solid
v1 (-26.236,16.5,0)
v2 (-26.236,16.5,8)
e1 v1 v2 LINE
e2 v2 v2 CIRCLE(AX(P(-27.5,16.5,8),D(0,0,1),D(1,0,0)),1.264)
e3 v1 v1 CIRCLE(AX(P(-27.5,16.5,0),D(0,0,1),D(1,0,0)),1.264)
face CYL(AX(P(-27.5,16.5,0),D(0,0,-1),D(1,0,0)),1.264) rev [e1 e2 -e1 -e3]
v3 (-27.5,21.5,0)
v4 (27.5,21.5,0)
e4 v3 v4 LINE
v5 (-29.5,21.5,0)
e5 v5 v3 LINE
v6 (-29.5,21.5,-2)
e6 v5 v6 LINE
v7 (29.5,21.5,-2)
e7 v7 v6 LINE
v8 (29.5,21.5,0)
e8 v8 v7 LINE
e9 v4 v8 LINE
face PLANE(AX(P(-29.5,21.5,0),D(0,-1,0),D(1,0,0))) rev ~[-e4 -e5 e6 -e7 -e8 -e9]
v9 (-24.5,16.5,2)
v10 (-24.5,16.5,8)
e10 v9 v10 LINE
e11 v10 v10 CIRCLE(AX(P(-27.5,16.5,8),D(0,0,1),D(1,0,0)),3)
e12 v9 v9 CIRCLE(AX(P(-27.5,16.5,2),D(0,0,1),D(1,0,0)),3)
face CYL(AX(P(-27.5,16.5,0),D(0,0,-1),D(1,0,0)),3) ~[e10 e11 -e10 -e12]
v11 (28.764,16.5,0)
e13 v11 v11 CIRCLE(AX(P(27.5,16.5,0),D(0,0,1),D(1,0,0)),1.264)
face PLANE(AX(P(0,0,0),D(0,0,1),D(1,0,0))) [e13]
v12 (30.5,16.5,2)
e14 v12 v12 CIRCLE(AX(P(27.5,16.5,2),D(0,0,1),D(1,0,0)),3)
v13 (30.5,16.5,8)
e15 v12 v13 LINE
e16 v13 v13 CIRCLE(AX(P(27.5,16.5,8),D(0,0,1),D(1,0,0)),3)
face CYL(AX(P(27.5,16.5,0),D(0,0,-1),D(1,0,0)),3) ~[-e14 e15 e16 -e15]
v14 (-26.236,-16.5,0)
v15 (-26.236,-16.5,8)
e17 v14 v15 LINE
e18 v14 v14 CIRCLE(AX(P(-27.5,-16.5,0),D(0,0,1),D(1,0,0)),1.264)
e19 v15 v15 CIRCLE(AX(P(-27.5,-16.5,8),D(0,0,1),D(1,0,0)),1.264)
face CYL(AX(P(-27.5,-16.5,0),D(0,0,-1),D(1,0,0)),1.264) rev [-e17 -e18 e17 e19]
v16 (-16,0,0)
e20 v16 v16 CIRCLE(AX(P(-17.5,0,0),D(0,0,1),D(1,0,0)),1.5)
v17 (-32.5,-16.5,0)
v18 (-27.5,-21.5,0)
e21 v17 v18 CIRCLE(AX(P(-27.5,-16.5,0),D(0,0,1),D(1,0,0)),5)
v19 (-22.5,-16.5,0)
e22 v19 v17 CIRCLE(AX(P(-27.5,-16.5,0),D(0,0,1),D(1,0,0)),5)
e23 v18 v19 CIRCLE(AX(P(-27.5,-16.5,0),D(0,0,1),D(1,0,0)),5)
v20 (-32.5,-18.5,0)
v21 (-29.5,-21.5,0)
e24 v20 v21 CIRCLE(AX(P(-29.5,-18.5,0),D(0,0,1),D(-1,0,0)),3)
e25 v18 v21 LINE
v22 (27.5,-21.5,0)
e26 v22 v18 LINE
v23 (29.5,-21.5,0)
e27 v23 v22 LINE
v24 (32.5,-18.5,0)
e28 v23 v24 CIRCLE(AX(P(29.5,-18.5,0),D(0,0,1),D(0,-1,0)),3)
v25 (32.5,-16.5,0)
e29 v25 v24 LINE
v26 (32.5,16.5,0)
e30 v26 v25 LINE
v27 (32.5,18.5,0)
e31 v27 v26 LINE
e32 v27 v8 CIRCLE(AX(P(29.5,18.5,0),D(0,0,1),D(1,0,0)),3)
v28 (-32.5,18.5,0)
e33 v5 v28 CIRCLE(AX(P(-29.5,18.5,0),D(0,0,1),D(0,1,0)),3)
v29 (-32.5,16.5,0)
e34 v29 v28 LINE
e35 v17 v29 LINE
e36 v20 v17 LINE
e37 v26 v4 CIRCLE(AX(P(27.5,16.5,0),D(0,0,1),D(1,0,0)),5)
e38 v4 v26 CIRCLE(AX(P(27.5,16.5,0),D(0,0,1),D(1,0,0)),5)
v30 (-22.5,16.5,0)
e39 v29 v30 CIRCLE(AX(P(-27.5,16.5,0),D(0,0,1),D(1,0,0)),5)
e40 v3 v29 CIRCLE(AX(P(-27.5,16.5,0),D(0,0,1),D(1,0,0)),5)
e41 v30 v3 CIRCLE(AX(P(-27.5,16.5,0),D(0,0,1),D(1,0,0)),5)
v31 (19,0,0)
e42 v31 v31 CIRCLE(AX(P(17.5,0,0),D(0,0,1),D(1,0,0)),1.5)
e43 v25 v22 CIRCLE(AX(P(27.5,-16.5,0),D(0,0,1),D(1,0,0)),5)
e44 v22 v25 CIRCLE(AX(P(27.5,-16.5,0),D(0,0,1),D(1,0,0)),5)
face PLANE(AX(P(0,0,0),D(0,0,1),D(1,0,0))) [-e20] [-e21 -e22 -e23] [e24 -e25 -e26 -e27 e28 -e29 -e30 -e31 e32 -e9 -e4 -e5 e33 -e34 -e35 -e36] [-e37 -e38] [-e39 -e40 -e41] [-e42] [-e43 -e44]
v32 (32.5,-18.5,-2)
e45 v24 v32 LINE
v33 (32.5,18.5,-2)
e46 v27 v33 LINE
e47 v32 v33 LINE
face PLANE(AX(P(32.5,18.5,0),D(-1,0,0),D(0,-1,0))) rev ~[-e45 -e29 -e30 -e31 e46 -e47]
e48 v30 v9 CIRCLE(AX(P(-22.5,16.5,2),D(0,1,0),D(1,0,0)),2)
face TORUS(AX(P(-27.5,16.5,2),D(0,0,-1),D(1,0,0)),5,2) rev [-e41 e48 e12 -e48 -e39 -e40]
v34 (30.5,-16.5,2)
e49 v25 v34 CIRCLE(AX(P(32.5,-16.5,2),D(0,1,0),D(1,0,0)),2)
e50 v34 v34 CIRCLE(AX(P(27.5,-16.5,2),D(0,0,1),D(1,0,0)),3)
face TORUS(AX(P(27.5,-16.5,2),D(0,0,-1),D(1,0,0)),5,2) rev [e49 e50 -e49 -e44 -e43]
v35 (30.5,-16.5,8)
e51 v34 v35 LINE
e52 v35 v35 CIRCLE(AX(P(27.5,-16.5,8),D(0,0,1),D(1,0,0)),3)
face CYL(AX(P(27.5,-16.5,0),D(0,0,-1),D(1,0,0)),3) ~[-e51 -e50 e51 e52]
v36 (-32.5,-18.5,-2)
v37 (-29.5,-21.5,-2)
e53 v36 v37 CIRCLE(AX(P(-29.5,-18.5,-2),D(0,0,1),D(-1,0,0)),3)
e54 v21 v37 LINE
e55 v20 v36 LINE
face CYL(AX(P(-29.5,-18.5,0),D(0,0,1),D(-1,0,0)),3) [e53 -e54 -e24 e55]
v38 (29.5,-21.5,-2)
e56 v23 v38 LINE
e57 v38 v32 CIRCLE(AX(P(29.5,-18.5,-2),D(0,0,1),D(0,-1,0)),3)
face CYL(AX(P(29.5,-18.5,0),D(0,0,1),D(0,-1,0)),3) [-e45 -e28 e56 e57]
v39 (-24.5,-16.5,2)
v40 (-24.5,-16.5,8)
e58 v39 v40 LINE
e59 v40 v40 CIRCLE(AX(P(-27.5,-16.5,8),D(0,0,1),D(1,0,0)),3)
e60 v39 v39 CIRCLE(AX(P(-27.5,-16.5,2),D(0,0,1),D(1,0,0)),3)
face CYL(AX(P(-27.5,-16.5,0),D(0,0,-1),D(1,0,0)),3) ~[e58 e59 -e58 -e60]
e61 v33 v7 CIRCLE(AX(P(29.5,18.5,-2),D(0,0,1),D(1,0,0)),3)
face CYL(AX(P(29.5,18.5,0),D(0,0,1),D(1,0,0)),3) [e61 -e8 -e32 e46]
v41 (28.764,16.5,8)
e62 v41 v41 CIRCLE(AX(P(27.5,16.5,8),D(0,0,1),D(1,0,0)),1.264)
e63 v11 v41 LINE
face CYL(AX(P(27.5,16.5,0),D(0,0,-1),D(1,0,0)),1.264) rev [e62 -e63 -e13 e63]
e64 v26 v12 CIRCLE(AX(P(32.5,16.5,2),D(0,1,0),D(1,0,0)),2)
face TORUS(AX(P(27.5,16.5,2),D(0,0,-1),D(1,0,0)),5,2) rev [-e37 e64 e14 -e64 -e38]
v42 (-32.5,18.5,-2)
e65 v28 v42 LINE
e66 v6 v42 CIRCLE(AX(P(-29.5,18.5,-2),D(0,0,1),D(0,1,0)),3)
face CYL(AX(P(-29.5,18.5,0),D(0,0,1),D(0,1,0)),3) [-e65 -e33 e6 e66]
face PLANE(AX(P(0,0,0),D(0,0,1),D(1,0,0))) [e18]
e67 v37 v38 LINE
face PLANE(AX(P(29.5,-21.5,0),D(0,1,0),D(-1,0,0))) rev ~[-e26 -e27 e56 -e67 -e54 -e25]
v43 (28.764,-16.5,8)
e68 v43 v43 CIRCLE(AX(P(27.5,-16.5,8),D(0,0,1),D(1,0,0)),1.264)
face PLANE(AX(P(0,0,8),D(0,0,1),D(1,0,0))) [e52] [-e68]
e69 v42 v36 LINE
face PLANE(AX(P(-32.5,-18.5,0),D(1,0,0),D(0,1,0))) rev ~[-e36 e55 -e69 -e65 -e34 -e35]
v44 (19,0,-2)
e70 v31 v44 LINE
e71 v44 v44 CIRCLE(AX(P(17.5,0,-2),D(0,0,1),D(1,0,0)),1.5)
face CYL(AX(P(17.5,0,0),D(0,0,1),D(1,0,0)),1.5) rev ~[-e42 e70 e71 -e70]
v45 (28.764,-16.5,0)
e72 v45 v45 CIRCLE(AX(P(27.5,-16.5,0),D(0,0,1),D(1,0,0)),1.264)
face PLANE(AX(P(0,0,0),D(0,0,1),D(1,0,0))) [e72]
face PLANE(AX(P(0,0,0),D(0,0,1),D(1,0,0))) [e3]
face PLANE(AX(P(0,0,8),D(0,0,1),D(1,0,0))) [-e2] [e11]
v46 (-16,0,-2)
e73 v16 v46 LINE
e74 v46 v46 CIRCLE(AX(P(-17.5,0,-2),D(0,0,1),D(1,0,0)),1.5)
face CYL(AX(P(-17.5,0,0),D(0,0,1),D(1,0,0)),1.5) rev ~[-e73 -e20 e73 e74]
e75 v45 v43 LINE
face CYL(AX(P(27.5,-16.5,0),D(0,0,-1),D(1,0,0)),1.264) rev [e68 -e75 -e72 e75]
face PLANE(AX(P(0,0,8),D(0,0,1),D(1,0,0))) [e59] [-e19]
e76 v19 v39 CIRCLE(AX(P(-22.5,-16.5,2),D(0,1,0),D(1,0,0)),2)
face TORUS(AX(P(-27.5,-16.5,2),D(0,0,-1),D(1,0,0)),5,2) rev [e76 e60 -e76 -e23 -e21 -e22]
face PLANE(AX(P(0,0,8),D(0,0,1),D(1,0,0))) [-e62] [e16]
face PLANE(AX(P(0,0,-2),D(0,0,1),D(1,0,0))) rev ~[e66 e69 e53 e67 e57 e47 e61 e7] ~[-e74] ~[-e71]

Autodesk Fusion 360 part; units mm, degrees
sketch "Sketch1" plane through (0, 0, 0) normal (0, 0, 1) x (1, 0, 0)
  line L0 (27.5, 16.5) -> (-27.5, 16.5) construction
  line L1 (-27.5, 16.5) -> (-27.5, -16.5) construction
  line L2 (-27.5, -16.5) -> (27.5, -16.5) construction
  line L3 (27.5, -16.5) -> (27.5, 16.5) construction
  line L4 (27.5, 16.5) -> (-27.5, -16.5) construction
  line L5 (-27.5, 16.5) -> (27.5, -16.5) construction
  line L6 (-29.5, 21.5) -> (29.5, 21.5)
  line L7 (32.5, 18.5) -> (32.5, -18.5)
  line L8 (29.5, -21.5) -> (-29.5, -21.5)
  line L9 (-32.5, -18.5) -> (-32.5, 18.5)
  line L10 (-32.5, 21.5) -> (32.5, -21.5) construction
  line L11 (32.5, 21.5) -> (-32.5, -21.5) construction
  arc A0 (-29.5, 21.5) -> (-32.5, 18.5) centre (-29.5, 18.5) ccw
  arc A1 (-32.5, -18.5) -> (-29.5, -21.5) centre (-29.5, -18.5) ccw
  arc A2 (29.5, -21.5) -> (32.5, -18.5) centre (29.5, -18.5) ccw
  arc A3 (32.5, 18.5) -> (29.5, 21.5) centre (29.5, 18.5) ccw
  circle A4 centre (27.5, -16.5) radius 3
  circle A5 centre (27.5, -16.5) radius 1.264
  circle A6 centre (27.5, 16.5) radius 3
  circle A7 centre (27.5, 16.5) radius 1.264
  circle A8 centre (-27.5, -16.5) radius 3
  circle A9 centre (-27.5, -16.5) radius 1.264
  circle A10 centre (-27.5, 16.5) radius 3
  circle A11 centre (-27.5, 16.5) radius 1.264
  circle A12 centre (17.5, 0) radius 1.5
  circle A13 centre (-17.5, 0) radius 1.5
  dimension "d1" = 55
  dimension "d2" = 33
  dimension "d3" = 65
  dimension "d4" = 43
  dimension "d5" = 3
  dimension "d6" = 6
  dimension "d7" = 2.528
  dimension "d8" = 6
  dimension "d9" = 2.528
  dimension "d10" = 2.528
  dimension "d11" = 6
  dimension "d12" = 2.528
  dimension "d13" = 6
  dimension "d14" = 17.5
  dimension "d15" = 3
  dimension "d16" = 17.5
  dimension "d17" = 3
extrude "Extrude1" add sketch "Sketch1" against normal blind 2 contours L6 L7 L8 L9 A0 A1 A2 A3 | A4 | A5 | A6 | A7 | A8 | A9 | A10 | A11
extrude "Extrude2" add sketch "Sketch1" along normal blind 8 contours A4 | A6 | A8 | A10
fillet "Fillet1" radius 2 4 edges at (-30.297, 17.5848, 0) (-30.297, -15.4152, 0) (24.703, -15.4152, 0) (24.703, 17.5848, 0)
equation "d7 = ( 1.264 * 2 ) * 1 mm"
equation "d8 = d6"
equation "d9 = d7"
equation "d10 = d7"
equation "d11 = d6"
equation "d12 = d7"
equation "d13 = d6"
equation "d14 = ( 35 / 2 ) * 1 mm"
equation "d16 = d14"
equation "d17 = d15"
